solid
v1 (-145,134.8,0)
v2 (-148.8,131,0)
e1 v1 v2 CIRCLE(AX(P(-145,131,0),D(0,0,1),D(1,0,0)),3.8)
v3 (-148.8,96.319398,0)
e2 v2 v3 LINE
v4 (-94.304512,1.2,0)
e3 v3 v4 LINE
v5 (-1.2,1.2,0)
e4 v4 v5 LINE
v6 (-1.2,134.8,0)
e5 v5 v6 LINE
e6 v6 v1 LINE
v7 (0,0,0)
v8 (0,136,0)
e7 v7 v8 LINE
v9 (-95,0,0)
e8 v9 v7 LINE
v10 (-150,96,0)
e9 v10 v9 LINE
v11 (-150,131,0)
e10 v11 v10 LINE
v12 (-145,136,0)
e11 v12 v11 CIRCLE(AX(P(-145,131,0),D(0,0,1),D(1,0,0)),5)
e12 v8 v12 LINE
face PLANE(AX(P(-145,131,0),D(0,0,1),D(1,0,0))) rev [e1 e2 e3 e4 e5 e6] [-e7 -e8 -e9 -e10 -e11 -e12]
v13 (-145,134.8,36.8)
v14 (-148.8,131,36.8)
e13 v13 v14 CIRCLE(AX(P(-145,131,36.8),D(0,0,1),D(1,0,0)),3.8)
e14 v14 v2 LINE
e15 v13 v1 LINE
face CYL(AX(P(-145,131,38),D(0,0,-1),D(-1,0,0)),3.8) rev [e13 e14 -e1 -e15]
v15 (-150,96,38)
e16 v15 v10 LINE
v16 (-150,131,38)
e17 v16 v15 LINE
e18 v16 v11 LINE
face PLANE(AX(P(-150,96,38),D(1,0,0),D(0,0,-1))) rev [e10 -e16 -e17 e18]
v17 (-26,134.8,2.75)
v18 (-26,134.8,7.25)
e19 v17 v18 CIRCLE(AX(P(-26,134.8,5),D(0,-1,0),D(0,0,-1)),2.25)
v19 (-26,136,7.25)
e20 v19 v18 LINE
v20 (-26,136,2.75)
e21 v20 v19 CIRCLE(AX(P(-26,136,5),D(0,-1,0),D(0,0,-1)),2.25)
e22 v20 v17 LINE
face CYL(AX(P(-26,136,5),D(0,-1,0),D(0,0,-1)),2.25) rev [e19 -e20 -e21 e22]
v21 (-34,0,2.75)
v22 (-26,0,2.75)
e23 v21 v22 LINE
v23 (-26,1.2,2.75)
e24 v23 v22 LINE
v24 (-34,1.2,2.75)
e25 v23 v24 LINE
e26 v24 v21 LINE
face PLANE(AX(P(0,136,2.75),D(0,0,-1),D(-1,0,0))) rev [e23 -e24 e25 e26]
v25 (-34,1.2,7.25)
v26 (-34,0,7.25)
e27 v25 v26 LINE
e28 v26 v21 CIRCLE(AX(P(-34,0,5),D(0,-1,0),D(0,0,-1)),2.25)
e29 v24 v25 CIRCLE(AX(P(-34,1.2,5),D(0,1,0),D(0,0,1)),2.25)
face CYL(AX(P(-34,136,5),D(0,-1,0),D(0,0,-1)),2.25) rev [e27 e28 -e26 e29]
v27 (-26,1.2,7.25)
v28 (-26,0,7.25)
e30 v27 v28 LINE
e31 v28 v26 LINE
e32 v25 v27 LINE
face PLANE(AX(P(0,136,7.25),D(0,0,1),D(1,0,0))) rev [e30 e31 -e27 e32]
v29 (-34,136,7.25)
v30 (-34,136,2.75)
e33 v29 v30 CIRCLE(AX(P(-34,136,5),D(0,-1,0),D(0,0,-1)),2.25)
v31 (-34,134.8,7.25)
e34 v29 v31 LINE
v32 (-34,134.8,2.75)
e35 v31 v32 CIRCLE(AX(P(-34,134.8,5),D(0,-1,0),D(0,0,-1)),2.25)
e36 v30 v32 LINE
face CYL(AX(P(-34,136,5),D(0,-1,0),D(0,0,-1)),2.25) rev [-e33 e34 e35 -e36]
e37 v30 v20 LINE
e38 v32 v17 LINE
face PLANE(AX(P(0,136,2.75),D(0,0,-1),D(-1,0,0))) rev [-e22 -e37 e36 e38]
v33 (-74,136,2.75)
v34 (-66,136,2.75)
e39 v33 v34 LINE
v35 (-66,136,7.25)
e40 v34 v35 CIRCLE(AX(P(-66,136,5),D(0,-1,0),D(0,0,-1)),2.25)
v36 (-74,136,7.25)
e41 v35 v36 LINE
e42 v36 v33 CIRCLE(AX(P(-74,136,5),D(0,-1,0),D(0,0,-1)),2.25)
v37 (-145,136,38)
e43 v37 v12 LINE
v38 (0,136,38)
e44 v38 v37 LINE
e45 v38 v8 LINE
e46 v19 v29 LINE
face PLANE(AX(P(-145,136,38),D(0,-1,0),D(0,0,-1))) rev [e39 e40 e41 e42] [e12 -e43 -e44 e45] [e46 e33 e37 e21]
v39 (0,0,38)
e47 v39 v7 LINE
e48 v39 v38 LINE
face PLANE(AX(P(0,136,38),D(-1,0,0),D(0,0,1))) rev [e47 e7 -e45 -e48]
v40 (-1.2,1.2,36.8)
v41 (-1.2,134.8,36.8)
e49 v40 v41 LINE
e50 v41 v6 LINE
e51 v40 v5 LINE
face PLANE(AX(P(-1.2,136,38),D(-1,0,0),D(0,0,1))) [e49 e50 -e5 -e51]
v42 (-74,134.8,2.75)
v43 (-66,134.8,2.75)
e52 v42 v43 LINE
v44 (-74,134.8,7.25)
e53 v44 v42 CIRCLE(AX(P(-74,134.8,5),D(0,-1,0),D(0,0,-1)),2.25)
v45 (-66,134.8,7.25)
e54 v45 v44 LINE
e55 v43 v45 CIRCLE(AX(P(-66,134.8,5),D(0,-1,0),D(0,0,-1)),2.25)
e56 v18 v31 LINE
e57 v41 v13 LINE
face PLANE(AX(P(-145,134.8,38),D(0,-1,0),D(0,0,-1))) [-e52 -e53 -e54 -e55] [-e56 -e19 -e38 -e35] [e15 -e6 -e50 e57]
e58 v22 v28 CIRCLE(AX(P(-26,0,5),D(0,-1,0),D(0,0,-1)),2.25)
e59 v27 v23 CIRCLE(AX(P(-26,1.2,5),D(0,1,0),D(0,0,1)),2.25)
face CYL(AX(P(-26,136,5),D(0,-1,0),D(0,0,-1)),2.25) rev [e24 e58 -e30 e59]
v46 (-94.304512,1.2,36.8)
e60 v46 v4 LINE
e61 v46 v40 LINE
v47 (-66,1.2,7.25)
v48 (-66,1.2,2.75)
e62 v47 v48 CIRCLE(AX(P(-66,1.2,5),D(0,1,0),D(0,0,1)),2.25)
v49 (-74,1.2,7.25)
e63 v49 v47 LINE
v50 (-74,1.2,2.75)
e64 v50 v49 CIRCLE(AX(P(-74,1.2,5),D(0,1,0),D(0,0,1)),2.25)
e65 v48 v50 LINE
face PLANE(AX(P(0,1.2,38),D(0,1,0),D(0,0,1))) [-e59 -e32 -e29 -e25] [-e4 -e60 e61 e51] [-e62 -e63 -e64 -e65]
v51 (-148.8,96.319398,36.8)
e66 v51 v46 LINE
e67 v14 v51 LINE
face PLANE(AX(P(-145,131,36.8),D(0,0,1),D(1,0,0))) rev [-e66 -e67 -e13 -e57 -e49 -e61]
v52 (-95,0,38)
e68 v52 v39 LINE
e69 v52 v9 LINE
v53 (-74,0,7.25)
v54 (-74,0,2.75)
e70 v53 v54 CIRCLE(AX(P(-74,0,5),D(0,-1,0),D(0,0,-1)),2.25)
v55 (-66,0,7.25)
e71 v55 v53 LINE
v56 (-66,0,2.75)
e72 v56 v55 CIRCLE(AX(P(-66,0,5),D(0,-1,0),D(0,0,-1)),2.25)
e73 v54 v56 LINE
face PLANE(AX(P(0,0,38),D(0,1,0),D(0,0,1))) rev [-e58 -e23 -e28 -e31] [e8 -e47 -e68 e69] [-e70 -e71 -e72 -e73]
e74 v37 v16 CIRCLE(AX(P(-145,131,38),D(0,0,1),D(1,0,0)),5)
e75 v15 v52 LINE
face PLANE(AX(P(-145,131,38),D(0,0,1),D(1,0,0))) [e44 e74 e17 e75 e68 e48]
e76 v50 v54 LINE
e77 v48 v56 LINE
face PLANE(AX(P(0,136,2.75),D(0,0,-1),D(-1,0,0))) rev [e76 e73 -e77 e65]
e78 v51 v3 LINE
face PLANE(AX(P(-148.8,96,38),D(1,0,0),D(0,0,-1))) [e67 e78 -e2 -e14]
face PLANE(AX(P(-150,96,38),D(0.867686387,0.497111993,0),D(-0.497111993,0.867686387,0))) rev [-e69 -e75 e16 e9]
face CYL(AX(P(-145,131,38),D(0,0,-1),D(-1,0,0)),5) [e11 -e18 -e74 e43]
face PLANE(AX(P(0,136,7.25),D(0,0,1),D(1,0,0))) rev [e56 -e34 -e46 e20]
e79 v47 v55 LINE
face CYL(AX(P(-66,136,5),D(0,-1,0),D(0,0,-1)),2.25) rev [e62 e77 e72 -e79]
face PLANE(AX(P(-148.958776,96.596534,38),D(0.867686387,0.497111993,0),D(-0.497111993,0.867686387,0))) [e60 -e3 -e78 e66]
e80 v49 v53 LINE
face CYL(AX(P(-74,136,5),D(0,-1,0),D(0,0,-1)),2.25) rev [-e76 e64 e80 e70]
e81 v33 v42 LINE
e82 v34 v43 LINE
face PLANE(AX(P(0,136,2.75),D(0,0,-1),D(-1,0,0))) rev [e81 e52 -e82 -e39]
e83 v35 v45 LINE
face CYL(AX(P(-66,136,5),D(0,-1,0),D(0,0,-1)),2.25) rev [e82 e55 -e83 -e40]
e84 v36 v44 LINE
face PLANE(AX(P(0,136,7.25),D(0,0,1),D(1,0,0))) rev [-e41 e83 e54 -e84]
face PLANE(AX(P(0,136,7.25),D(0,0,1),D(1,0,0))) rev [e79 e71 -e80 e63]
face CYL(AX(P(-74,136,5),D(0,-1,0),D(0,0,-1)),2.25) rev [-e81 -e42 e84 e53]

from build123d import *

# Parameters (mm, degrees)
EXTRUDE_1_DEPTH          = 38
SHELL_1_T                = -1.2
CUT_EXTRUDE_1_DEPTH      = 207.009708509
CUT_EXTRUDE_1_DEPTH_BACK = 207.009708509


with BuildPart() as part:
    # 草图1 → 凸台-拉伸1 (new body)
    with BuildSketch(Plane.XY):
        with BuildLine():
            Line((-150, 96), (-95, 0))
            Line((-95, 0), (0, 0))
            Line((0, 0), (0, 136))
            Line((0, 136), (-145, 136))
            ThreePointArc((-145, 136), (-148.535533906, 134.535533906), (-150, 131))
            Line((-150, 131), (-150, 96))
        make_face()
    extrude(amount=EXTRUDE_1_DEPTH)

    # 抽壳1
    shell_1_openings = [part.faces().sort_by_distance(p)[0] for p in [
        (-66.551705403, 73.332757841, 0),
    ]]
    offset(amount=SHELL_1_T, openings=shell_1_openings, kind=Kind.INTERSECTION)

    # 草图3 → 切除-拉伸1 (cut, two sides: drawn at the far end of the back side and taken through both)
    with BuildSketch(Plane.XZ.offset(-CUT_EXTRUDE_1_DEPTH_BACK)):
        with BuildLine():
            Line((-66, 7.25), (-74, 7.25))
            ThreePointArc((-74, 7.25), (-76.25, 5), (-74, 2.75))
            Line((-74, 2.75), (-66, 2.75))
            ThreePointArc((-66, 2.75), (-63.75, 5), (-66, 7.25))
        make_face()
        with BuildLine():
            Line((-26, 7.25), (-34, 7.25))
            ThreePointArc((-34, 7.25), (-36.25, 5), (-34, 2.75))
            Line((-34, 2.75), (-26, 2.75))
            ThreePointArc((-26, 2.75), (-23.75, 5), (-26, 7.25))
        make_face()
    extrude(amount=CUT_EXTRUDE_1_DEPTH + CUT_EXTRUDE_1_DEPTH_BACK, mode=Mode.SUBTRACT)


solid = part.part
